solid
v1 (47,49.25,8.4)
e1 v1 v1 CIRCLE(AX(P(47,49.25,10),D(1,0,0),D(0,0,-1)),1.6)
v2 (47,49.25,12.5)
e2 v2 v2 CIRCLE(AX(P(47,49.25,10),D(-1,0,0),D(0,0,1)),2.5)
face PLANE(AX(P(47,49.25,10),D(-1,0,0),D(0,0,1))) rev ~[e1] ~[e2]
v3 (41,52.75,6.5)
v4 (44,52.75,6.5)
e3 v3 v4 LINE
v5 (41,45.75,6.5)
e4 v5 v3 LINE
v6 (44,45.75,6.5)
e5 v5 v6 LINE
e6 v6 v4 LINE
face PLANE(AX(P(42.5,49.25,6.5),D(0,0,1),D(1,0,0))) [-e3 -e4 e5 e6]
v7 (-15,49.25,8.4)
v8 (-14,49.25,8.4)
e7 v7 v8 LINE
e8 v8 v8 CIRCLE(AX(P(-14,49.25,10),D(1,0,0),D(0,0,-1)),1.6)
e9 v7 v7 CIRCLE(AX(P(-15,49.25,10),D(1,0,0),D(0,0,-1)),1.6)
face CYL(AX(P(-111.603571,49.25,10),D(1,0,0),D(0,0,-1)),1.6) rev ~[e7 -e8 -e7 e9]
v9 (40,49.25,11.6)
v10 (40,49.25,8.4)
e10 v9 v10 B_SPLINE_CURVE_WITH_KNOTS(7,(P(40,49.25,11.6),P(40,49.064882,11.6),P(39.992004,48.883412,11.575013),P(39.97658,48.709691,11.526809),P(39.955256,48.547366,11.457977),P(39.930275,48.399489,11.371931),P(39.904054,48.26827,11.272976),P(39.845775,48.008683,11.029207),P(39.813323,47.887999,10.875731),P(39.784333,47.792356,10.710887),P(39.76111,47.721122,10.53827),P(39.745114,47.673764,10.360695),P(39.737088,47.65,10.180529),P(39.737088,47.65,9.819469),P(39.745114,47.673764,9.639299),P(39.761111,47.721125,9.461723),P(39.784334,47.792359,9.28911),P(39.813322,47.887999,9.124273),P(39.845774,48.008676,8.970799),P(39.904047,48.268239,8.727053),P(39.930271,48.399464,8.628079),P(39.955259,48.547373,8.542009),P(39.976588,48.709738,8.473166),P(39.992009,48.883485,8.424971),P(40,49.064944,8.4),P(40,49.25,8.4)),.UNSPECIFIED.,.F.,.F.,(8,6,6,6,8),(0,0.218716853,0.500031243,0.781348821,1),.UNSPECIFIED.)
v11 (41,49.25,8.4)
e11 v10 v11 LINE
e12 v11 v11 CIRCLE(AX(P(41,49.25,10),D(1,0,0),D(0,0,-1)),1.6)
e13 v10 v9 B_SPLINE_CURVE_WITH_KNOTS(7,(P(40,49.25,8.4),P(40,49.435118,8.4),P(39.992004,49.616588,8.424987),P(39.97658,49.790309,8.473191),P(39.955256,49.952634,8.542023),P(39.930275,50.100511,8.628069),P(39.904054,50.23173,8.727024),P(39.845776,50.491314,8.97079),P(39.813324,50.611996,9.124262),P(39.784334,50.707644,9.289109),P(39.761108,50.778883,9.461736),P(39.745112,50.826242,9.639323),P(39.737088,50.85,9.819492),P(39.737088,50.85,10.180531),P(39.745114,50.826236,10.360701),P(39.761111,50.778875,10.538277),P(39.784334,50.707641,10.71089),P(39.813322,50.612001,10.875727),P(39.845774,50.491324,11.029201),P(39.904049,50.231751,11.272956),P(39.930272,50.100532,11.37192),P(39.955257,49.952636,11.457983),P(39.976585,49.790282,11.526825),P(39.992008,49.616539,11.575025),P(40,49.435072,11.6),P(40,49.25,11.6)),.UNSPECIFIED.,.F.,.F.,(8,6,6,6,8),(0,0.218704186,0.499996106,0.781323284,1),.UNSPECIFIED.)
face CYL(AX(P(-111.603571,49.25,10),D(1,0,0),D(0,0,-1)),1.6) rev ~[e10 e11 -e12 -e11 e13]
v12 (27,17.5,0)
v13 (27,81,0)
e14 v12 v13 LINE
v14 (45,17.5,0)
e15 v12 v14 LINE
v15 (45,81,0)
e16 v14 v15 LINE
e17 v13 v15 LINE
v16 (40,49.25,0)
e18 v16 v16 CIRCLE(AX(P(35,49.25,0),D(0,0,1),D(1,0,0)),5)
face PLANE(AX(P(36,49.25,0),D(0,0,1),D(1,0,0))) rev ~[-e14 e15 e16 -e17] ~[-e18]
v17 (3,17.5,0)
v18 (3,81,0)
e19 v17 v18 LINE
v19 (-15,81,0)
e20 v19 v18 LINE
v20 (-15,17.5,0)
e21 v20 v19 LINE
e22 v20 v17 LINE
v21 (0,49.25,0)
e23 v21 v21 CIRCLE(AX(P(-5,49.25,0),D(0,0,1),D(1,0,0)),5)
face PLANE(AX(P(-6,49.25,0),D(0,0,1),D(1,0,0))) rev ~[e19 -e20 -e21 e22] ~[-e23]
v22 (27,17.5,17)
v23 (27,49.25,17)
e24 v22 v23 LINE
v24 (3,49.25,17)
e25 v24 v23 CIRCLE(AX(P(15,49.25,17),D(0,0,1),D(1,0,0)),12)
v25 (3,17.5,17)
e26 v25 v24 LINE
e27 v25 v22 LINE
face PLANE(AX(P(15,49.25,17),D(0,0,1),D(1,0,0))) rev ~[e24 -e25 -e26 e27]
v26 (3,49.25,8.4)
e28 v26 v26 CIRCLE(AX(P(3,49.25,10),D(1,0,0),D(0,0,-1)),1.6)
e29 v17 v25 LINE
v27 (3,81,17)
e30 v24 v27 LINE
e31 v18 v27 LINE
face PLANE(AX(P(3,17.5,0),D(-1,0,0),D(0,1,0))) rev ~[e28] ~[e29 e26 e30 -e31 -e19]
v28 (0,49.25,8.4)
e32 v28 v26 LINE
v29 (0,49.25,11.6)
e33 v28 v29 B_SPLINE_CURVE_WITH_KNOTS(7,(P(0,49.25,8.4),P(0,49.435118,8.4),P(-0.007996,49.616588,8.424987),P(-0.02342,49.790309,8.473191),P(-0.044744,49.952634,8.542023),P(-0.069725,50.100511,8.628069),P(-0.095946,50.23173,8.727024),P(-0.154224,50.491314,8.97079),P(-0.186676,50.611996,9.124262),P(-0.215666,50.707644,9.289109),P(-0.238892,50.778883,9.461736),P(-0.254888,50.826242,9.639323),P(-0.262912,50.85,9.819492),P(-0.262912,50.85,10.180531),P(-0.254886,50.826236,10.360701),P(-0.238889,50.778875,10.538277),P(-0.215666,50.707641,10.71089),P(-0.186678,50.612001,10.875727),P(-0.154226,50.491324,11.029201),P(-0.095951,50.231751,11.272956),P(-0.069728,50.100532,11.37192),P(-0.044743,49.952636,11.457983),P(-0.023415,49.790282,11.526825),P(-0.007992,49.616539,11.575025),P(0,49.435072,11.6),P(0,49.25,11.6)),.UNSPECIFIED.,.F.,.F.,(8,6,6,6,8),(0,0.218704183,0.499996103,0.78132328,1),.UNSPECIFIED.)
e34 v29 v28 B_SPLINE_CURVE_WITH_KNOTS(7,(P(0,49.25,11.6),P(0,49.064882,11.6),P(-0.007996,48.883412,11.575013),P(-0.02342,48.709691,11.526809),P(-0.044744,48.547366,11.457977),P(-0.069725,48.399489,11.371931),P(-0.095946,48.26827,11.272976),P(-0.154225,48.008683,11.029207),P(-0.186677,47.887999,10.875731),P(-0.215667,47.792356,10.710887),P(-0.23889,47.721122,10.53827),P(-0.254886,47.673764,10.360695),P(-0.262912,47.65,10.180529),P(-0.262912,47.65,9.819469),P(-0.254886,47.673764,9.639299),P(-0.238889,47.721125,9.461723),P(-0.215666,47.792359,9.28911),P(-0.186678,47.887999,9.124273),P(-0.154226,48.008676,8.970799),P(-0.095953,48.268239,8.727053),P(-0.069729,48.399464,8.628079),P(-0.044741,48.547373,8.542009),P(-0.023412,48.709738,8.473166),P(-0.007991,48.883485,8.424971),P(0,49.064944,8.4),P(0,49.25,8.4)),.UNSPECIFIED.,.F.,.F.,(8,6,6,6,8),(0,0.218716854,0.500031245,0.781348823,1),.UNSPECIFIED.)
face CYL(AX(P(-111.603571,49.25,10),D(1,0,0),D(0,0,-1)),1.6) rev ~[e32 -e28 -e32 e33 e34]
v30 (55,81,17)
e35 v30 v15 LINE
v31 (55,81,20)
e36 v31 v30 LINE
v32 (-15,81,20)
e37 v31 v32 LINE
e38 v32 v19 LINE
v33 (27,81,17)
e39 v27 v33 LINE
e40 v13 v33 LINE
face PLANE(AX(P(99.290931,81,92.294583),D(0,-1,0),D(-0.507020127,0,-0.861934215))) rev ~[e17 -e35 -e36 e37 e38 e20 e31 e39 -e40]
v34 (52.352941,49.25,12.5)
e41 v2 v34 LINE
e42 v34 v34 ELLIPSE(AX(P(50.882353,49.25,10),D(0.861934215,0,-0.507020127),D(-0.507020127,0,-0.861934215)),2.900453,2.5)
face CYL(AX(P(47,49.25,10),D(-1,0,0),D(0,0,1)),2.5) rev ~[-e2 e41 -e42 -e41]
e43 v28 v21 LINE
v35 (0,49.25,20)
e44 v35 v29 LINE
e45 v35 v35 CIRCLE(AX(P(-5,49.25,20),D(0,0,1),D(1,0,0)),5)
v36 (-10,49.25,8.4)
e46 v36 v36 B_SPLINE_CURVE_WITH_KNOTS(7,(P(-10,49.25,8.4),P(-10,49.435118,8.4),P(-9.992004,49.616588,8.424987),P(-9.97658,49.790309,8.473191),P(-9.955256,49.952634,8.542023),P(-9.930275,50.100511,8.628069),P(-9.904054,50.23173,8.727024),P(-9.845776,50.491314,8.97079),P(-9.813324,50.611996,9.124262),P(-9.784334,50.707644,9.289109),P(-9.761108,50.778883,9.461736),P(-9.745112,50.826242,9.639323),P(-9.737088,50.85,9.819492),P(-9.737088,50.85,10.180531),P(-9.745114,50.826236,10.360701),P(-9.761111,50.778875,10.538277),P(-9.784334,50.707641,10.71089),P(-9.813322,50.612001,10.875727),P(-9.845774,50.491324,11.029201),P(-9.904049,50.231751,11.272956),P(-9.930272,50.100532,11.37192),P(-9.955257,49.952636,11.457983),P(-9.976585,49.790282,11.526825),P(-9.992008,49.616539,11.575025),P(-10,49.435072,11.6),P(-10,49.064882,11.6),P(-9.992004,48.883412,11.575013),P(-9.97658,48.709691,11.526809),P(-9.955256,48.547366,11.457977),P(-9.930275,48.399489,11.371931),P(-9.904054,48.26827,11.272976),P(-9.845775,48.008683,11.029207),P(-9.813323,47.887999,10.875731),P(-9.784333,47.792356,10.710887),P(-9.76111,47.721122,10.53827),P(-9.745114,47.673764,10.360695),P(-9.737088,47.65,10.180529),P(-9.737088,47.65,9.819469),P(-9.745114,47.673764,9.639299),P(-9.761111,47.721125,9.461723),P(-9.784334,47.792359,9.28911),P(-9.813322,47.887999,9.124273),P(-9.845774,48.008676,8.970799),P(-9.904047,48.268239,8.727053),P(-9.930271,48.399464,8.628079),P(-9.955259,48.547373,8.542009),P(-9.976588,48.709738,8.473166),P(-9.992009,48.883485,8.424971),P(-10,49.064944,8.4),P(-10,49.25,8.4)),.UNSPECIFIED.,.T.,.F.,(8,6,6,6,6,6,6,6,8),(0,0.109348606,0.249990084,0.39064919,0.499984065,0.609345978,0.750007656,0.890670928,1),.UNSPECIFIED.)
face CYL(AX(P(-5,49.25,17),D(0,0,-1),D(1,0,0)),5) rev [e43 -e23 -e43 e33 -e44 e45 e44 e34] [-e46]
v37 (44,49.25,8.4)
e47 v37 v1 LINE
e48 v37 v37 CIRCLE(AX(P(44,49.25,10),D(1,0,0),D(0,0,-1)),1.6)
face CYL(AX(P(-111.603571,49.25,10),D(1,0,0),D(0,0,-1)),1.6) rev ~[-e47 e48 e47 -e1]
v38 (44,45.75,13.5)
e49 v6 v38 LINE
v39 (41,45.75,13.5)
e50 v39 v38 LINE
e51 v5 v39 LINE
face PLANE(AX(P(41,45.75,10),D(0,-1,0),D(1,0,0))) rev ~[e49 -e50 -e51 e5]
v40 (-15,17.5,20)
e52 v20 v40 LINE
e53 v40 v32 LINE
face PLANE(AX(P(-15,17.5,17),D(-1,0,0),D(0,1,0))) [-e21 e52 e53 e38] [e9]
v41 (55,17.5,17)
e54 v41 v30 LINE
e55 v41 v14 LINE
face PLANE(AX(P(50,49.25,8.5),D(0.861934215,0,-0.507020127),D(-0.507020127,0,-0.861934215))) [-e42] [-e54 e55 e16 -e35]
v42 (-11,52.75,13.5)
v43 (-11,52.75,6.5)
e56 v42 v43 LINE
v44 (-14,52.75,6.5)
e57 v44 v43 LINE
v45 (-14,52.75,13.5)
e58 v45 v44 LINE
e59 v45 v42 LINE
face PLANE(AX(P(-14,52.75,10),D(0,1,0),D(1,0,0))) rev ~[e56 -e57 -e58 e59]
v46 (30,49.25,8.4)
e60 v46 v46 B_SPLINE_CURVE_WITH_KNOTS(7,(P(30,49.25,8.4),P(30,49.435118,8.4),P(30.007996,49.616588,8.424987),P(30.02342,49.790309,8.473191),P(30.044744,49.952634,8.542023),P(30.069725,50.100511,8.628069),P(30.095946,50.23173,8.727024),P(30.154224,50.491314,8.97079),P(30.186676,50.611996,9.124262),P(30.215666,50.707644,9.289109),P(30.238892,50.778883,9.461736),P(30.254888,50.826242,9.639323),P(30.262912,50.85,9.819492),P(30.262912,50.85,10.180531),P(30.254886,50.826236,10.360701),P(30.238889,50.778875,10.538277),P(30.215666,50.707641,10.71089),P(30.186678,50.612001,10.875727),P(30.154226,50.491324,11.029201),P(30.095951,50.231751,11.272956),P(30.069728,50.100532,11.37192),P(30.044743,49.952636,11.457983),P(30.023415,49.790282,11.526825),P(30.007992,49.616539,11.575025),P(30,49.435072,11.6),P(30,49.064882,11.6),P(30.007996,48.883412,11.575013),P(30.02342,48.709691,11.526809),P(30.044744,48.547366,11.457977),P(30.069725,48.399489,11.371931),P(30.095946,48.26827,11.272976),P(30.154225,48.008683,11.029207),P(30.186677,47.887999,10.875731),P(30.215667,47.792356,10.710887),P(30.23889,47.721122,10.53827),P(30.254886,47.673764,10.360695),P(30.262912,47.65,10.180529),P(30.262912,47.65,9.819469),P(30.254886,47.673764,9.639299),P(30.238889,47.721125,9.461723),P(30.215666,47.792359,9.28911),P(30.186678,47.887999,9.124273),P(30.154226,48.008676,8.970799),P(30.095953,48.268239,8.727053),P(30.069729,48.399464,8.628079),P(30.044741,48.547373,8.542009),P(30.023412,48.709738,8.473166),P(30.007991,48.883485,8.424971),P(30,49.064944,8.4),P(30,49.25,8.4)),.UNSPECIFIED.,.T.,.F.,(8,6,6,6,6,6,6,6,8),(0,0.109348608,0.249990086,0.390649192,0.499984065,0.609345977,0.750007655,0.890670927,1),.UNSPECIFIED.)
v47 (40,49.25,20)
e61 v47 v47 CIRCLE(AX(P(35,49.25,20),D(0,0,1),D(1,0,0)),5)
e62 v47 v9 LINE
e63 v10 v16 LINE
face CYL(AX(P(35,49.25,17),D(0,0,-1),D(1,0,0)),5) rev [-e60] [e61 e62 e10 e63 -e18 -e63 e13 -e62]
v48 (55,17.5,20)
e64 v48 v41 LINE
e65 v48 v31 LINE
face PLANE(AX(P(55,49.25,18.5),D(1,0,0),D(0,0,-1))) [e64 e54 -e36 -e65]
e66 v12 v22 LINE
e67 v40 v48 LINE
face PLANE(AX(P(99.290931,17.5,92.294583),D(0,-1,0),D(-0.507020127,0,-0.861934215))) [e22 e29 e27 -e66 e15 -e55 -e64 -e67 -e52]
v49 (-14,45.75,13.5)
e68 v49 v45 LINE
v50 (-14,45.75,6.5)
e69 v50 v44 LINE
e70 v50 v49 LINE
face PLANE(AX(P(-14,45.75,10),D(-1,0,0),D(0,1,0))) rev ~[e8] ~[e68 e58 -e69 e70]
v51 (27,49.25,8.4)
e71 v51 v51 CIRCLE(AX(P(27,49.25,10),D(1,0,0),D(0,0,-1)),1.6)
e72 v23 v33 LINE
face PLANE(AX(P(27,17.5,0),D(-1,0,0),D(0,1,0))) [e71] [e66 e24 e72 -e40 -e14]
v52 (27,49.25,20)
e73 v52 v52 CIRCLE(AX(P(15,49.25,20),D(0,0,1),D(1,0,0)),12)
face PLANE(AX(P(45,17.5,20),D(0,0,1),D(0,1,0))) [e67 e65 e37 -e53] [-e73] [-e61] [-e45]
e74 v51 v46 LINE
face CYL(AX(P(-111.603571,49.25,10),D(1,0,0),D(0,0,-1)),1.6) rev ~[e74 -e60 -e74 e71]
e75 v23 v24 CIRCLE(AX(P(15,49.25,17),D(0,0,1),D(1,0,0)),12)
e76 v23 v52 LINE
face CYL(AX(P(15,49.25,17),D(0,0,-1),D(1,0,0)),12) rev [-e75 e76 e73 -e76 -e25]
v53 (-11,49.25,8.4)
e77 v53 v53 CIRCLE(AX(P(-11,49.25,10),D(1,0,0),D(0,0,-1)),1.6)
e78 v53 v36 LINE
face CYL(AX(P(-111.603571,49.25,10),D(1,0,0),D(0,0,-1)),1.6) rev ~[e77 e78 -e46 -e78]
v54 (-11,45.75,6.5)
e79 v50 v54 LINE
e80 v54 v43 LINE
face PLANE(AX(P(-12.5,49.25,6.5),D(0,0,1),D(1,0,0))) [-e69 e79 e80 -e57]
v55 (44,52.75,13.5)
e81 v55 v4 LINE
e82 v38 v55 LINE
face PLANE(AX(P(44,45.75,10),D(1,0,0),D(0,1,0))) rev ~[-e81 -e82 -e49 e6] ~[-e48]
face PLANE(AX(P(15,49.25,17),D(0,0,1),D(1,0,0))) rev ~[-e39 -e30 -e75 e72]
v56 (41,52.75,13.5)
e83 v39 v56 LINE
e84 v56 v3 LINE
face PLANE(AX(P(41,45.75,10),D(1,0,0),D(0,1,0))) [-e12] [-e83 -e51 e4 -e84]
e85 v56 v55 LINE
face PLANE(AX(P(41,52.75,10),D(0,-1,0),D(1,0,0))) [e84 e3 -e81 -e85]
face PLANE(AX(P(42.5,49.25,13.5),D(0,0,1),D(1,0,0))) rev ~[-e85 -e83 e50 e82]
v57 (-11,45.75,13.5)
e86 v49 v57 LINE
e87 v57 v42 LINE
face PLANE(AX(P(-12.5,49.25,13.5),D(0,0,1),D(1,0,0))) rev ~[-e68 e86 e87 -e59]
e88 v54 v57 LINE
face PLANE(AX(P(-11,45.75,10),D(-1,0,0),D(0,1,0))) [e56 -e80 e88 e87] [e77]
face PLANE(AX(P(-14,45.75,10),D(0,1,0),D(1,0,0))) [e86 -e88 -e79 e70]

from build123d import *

# Parameters (mm, degrees)
SKETCH_1_W          = 18
SKETCH_1_H          = 63.5
SKETCH_1_R          = 5
EXTRUDE_1_DEPTH     = 17
EXTRUDE_1_2_DEPTH   = 17
SKETCH_2_W          = 60
SKETCH_2_H          = 63.5
SKETCH_2_R          = 5
SKETCH_2_R_2        = 12
EXTRUDE_2_DEPTH     = 3
SKETCH_3_W          = 3
SKETCH_3_H          = 63.5
EXTRUDE_3_DEPTH     = 10
RIB_1_REACH         = 88.355
SKETCH_4_WALL_W     = 194.433823758
SKETCH_4_WALL_H     = 63.5
SKETCH_7_W          = 3
SKETCH_7_H          = 7
CUT_EXTRUDE_1_DEPTH = 3.5
HOLE_WIZARD_1_D     = 3.2
SKETCH_13_R         = 2.5
CUT_EXTRUDE_2_DEPTH = 11


with BuildPart() as part:
    # 草图1 → 凸台-拉伸1 (new body)
    with BuildSketch(Plane.XY):
        with Locations((36, 49.25)):
            Rectangle(SKETCH_1_W, SKETCH_1_H)
        with Locations((35, 49.25)):
            Circle(SKETCH_1_R, mode=Mode.SUBTRACT)
    extrude(amount=EXTRUDE_1_DEPTH)



with BuildPart() as body_2:
    # 草图1 → Extrude 1 2 (new body)
    with BuildSketch(Plane.XY):
        with Locations((-6, 49.25)):
            Rectangle(SKETCH_1_W, SKETCH_1_H)
        with Locations((-5, 49.25)):
            Circle(SKETCH_1_R, mode=Mode.SUBTRACT)
    extrude(amount=EXTRUDE_1_2_DEPTH)


with BuildPart() as part_1:
    add(part.part)

    add(body_2.part)  # 凸台-拉伸2 merges body 2
    # 草图2 → 凸台-拉伸2 (add)
    with BuildSketch(Plane.XY.offset(17)):
        with Locations((15, 49.25)):
            Rectangle(SKETCH_2_W, SKETCH_2_H)
        with Locations((35, 49.25)):
            Circle(SKETCH_2_R, mode=Mode.SUBTRACT)
        with Locations((-5, 49.25)):
            Circle(SKETCH_2_R, mode=Mode.SUBTRACT)
        with Locations((15, 49.25)):
            Circle(SKETCH_2_R_2, mode=Mode.SUBTRACT)
    extrude(amount=EXTRUDE_2_DEPTH)

    # 草图3 → 凸台-拉伸3 (add)
    with BuildSketch(Plane(origin=(45, 0, 0), x_dir=(0, 0, -1), z_dir=(1, 0, 0))):
        with Locations((-18.5, 49.25)):
            Rectangle(SKETCH_3_W, SKETCH_3_H)
    extrude(amount=EXTRUDE_3_DEPTH)

    # 草图4 wall → 筋1 (add, up to next)
    with BuildSketch(Plane(origin=(50, 17.5, 8.5), x_dir=(-0.507020126563, 0, -0.861934215158), z_dir=(0.861934215158, 0, -0.507020126563)), mode=Mode.PRIVATE) as rib_1_sk1:
        with Locations((0, 31.75)):
            Rectangle(SKETCH_4_WALL_W, SKETCH_4_WALL_H)
    rib_1_tool1 = extrude(rib_1_sk1.sketch, amount=-RIB_1_REACH, mode=Mode.PRIVATE) - part_1.part
    add(rib_1_tool1.solids().sort_by_distance((50, 17.5, 8.5))[0])

    # 草图7 → 切除-拉伸1 (cut, symmetric)
    with BuildSketch(Plane.XY.offset(10)):
        with Locations((-12.5, 49.25)):
            Rectangle(SKETCH_7_W, SKETCH_7_H)
        with Locations((42.5, 49.25)):
            Rectangle(SKETCH_7_W, SKETCH_7_H)
    extrude(amount=CUT_EXTRUDE_1_DEPTH, both=True, mode=Mode.SUBTRACT)

    # 孔1 (through all)
    with Locations(Plane.ZY.offset(15)):
        with Locations((10, 49.25)):
            Hole(HOLE_WIZARD_1_D / 2)

    # 草图13 → 切除-拉伸2 (cut)
    with BuildSketch(Plane.ZY.offset(-47)):
        with Locations((10, 49.25)):
            Circle(SKETCH_13_R)
    extrude(amount=-CUT_EXTRUDE_2_DEPTH, mode=Mode.SUBTRACT)


solid = part_1.part
